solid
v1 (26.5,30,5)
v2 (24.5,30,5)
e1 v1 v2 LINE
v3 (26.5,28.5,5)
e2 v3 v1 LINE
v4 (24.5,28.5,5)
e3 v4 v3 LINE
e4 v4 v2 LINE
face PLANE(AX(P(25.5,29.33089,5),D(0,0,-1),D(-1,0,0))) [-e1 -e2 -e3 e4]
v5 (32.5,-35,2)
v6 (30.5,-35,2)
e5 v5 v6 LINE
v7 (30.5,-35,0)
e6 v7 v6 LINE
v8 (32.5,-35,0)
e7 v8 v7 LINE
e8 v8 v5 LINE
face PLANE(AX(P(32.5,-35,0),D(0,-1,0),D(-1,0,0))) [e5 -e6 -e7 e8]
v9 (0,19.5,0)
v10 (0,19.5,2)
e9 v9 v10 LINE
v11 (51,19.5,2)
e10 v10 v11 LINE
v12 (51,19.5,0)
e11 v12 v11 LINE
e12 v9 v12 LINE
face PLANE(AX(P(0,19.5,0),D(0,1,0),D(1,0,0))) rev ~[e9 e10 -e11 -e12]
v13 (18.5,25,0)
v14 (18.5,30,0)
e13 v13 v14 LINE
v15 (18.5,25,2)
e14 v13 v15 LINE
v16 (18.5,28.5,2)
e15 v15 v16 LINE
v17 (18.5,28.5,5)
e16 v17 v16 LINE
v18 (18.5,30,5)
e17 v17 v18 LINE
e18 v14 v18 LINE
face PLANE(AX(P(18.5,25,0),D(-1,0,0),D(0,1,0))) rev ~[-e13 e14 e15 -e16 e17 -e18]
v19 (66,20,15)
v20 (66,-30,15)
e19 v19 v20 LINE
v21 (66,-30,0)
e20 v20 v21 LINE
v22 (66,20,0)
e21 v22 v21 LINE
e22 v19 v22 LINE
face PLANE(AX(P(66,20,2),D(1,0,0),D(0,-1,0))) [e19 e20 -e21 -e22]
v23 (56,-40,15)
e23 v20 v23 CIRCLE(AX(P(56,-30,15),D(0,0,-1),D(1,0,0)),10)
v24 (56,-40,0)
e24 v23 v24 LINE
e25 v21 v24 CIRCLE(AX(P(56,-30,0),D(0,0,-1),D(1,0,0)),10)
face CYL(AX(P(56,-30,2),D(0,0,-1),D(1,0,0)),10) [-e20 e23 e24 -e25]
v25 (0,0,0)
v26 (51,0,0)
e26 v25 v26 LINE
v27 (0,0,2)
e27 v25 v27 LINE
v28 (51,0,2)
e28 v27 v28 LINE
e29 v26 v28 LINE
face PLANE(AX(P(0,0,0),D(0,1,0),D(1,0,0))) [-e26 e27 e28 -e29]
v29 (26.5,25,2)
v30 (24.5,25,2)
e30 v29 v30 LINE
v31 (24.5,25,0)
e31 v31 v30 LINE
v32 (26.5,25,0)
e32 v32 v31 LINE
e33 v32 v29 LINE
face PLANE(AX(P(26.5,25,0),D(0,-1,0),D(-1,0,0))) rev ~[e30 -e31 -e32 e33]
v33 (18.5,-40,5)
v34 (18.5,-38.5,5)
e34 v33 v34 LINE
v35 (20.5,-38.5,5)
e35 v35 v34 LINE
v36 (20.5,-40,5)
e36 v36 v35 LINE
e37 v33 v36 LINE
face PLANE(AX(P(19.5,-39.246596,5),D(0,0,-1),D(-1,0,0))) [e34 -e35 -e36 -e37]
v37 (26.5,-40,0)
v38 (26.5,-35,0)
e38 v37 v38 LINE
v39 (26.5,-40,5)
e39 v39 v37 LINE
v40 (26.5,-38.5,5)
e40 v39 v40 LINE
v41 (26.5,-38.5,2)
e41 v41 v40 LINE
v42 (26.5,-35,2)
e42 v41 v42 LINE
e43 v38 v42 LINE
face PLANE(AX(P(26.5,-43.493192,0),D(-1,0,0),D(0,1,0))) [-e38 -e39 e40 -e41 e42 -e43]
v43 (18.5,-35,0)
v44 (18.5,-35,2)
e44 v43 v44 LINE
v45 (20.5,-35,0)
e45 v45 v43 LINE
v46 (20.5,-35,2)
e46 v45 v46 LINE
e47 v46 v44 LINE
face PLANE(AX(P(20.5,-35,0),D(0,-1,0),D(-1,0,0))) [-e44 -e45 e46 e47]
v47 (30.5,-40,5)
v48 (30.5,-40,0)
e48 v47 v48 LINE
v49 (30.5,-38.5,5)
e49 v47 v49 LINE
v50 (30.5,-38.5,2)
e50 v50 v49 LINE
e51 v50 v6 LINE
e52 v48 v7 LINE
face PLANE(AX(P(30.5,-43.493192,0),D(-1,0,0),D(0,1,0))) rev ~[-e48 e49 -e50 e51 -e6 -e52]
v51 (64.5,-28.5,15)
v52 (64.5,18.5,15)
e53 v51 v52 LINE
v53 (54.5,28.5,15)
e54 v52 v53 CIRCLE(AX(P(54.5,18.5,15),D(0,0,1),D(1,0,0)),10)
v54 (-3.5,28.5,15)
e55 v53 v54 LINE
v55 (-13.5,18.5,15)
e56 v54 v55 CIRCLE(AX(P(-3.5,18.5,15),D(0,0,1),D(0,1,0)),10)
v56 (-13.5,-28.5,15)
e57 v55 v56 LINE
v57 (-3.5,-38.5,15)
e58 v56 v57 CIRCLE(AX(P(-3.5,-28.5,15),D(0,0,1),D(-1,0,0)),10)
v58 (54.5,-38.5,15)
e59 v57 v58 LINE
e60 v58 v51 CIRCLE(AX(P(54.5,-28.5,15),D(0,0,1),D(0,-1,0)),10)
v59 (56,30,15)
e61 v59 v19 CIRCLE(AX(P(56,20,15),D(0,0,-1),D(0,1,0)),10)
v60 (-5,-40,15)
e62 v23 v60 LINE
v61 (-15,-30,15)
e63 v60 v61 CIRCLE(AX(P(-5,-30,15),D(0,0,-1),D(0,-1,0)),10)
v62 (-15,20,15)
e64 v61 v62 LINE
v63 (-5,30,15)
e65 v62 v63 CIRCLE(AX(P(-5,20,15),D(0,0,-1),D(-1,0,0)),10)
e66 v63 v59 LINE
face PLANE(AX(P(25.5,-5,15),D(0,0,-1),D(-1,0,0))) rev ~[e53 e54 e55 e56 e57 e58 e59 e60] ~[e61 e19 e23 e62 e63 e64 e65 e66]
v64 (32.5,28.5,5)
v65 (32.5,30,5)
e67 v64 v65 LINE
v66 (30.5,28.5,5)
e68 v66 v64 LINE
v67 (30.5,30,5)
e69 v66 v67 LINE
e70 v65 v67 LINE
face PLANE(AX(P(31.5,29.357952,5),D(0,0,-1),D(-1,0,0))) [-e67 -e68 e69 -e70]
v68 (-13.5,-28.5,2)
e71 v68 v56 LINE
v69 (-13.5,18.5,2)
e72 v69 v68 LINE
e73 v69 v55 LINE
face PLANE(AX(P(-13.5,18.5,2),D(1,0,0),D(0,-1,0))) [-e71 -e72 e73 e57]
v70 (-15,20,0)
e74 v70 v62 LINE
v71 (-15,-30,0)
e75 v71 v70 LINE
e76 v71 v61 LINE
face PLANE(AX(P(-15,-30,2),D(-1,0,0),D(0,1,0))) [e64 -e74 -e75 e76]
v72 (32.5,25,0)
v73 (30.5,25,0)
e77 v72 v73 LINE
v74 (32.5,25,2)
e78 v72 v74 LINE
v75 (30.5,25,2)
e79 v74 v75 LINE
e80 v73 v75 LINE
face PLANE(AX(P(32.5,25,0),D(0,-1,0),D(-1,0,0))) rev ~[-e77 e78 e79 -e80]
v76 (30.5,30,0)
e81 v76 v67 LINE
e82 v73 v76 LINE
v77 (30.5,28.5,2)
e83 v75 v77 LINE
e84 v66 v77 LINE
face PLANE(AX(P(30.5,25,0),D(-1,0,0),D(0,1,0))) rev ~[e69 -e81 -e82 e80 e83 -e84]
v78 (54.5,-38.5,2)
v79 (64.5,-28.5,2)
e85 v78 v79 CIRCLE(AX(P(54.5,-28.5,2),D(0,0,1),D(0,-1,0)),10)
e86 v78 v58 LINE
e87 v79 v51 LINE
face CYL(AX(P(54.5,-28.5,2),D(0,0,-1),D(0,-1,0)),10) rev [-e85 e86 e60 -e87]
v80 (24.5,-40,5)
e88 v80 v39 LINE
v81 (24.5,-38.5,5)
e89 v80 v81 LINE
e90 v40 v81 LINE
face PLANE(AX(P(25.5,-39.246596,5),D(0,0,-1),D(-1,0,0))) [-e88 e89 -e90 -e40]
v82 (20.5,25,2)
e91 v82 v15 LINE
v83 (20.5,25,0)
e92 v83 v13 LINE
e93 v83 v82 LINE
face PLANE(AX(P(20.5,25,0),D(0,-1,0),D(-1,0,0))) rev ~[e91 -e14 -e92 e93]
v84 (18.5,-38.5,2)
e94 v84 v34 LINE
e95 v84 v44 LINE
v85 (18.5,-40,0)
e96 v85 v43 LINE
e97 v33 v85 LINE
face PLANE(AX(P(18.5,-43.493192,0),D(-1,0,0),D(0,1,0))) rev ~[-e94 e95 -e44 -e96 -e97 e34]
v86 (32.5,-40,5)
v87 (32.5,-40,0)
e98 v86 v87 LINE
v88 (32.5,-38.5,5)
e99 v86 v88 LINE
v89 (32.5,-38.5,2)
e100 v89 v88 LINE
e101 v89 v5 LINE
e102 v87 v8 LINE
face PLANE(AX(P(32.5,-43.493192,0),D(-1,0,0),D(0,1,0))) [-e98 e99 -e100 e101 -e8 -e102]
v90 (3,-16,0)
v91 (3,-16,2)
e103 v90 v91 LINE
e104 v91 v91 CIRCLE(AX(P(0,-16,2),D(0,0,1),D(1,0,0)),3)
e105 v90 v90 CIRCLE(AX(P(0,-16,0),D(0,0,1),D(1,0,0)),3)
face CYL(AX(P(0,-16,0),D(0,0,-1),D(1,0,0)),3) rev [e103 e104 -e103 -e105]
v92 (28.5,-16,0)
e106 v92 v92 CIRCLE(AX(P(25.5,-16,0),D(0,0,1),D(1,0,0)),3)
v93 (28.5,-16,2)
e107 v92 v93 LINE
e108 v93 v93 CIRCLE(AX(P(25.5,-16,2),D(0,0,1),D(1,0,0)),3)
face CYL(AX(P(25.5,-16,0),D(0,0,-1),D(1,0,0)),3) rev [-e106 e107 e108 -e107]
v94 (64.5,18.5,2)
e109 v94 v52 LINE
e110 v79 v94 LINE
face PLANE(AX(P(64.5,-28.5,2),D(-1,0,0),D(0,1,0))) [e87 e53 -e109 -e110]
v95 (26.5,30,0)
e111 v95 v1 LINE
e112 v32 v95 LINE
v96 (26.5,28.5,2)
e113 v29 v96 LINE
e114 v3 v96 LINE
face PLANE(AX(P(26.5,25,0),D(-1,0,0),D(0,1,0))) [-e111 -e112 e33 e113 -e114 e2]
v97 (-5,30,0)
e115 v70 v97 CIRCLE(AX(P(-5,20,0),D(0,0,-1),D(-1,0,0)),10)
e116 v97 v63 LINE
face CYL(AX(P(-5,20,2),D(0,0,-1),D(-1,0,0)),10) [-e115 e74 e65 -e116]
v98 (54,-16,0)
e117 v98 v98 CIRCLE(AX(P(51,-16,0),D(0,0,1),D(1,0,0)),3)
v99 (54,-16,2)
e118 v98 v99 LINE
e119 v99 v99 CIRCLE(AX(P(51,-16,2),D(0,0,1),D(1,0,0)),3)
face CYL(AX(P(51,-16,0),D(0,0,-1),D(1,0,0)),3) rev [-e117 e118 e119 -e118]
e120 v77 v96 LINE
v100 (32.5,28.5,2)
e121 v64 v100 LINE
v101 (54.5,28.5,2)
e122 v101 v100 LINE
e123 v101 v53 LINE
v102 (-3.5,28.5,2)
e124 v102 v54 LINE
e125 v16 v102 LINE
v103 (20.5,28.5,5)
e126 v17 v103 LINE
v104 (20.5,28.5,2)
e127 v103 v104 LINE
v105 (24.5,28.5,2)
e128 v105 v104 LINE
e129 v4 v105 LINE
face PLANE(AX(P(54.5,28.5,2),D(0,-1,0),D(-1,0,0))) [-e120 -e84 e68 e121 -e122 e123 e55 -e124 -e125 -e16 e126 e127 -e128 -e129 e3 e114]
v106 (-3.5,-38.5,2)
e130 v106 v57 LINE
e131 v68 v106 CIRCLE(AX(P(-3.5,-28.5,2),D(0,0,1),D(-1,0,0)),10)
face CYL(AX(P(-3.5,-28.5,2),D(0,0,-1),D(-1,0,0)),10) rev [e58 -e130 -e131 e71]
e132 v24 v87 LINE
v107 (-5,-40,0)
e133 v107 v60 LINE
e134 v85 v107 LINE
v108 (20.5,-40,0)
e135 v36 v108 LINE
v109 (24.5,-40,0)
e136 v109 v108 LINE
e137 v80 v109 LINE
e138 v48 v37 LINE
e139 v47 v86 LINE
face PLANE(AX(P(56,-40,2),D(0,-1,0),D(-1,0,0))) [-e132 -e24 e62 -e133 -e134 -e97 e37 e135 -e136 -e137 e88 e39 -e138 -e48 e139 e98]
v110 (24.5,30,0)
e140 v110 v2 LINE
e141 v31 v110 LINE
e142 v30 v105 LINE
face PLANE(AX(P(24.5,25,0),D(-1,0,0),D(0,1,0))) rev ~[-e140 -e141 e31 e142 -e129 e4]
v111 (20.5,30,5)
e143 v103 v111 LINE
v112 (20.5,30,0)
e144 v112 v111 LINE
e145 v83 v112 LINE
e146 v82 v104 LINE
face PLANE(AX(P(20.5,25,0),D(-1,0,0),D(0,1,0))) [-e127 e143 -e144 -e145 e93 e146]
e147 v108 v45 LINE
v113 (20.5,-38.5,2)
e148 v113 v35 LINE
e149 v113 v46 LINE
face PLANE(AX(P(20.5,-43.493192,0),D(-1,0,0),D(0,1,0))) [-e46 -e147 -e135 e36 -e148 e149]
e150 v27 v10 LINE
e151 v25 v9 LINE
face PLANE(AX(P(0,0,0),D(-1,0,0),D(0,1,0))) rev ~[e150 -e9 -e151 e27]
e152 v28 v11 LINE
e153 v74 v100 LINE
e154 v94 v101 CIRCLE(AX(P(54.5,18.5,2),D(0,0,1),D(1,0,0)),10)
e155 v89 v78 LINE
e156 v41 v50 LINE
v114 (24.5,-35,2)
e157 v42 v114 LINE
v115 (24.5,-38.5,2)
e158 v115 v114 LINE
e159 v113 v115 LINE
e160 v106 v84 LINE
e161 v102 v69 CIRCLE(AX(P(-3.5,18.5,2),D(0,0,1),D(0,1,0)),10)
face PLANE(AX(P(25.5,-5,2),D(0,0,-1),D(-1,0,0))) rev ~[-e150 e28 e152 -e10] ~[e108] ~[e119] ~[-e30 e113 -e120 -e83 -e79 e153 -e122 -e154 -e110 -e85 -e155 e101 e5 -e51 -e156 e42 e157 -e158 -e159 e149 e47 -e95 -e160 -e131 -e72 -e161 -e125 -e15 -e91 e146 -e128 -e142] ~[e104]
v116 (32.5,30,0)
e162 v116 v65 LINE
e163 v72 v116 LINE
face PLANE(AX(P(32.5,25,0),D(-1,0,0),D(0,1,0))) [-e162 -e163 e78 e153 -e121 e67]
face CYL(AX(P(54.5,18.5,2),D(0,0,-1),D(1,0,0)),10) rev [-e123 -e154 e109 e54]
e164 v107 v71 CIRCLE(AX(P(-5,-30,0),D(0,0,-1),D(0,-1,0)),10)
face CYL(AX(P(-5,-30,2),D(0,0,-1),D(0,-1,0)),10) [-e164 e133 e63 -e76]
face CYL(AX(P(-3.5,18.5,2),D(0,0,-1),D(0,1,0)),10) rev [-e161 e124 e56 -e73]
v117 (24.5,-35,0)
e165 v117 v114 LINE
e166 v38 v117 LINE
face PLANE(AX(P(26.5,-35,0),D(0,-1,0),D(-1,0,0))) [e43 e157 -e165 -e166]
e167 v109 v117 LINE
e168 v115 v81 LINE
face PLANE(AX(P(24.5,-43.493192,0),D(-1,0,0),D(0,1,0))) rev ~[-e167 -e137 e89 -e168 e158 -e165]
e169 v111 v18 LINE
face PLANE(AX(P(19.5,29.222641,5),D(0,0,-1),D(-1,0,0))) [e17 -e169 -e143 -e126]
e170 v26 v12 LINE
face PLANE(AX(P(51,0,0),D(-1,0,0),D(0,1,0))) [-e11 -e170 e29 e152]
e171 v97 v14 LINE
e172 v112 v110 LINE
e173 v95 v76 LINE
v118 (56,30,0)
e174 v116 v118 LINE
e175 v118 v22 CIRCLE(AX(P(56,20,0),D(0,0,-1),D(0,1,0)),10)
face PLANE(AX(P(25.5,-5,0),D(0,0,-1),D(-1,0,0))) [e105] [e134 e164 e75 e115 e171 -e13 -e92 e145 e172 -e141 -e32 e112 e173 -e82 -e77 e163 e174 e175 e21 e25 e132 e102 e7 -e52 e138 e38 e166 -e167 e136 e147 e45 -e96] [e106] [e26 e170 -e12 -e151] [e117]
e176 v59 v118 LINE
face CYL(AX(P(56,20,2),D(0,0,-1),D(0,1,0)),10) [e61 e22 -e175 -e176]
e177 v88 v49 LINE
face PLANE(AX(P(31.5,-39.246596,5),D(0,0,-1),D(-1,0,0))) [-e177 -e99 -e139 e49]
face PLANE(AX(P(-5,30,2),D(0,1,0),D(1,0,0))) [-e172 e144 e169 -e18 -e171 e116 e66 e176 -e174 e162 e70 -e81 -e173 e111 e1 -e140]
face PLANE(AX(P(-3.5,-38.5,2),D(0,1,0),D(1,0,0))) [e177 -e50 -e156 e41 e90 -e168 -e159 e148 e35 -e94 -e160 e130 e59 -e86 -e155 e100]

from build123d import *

# Parameters (mm, degrees)
ESQUISSE1_R             = 3
ESQUISSE1_W             = 51
ESQUISSE1_H             = 19.5
BOSS_EXTRU_1_DEPTH      = 2
BOSS_EXTRU_2_DEPTH      = 13
ESQUISSE3_W             = 2
ESQUISSE3_H             = 8.661779492
ESQUISSE3_H_2           = 8.71590367
ESQUISSE3_H_3           = 8.44528278
ESQUISSE3_H_4           = 8.493191711
ENL_V_MAT_EXTRU_1_DEPTH = 5


with BuildPart() as part:
    # Esquisse1 → Boss.-Extru.1 (new body)
    with BuildSketch(Plane.XY):
        with BuildLine():
            Line((-5, 30), (56, 30))
            ThreePointArc((56, 30), (63.071067812, 27.071067812), (66, 20))
            Line((66, 20), (66, -30))
            ThreePointArc((66, -30), (63.071067812, -37.071067812), (56, -40))
            Line((56, -40), (-5, -40))
            ThreePointArc((-5, -40), (-12.071067812, -37.071067812), (-15, -30))
            Line((-15, -30), (-15, 20))
            ThreePointArc((-15, 20), (-12.071067812, 27.071067812), (-5, 30))
        make_face()
        with Locations((0, -16)):
            Circle(ESQUISSE1_R, mode=Mode.SUBTRACT)
        with Locations((25.5, -16)):
            Circle(ESQUISSE1_R, mode=Mode.SUBTRACT)
        with Locations((51, -16)):
            Circle(ESQUISSE1_R, mode=Mode.SUBTRACT)
        with Locations((25.5, 9.75)):
            Rectangle(ESQUISSE1_W, ESQUISSE1_H, mode=Mode.SUBTRACT)
    extrude(amount=BOSS_EXTRU_1_DEPTH)

    # Esquisse2 → Boss.-Extru.2 (add)
    with BuildSketch(Plane.XY.offset(2)):
        with BuildLine():
            Line((-5, 30), (56, 30))
            ThreePointArc((56, 30), (63.071067812, 27.071067812), (66, 20))
            Line((66, 20), (66, -30))
            ThreePointArc((66, -30), (63.071067812, -37.071067812), (56, -40))
            Line((56, -40), (-5, -40))
            ThreePointArc((-5, -40), (-12.071067812, -37.071067812), (-15, -30))
            Line((-15, -30), (-15, 20))
            ThreePointArc((-15, 20), (-12.071067812, 27.071067812), (-5, 30))
        make_face()
        with BuildLine():
            Line((-13.5, 18.5), (-13.5, -28.5))
            ThreePointArc((-13.5, -28.5), (-10.571067812, -35.571067812), (-3.5, -38.5))
            Line((-3.5, -38.5), (54.5, -38.5))
            ThreePointArc((54.5, -38.5), (61.571067812, -35.571067812), (64.5, -28.5))
            Line((64.5, -28.5), (64.5, 18.5))
            ThreePointArc((64.5, 18.5), (61.571067812, 25.571067812), (54.5, 28.5))
            Line((54.5, 28.5), (-3.5, 28.5))
            ThreePointArc((-3.5, 28.5), (-10.571067812, 25.571067812), (-13.5, 18.5))
        make_face(mode=Mode.SUBTRACT)
    extrude(amount=BOSS_EXTRU_2_DEPTH)

    # Esquisse3 → Enlèv. mat.-Extru.1 (cut)
    with BuildSketch(Plane(origin=(0, 0, 0), x_dir=(-1, 0, 0), z_dir=(0, 0, -1))):
        with Locations((-25.5, 29.330889746)):
            Rectangle(ESQUISSE3_W, ESQUISSE3_H)
        with Locations((-31.5, 29.357951835)):
            Rectangle(ESQUISSE3_W, ESQUISSE3_H_2)
        with Locations((-19.5, 29.22264139)):
            Rectangle(ESQUISSE3_W, ESQUISSE3_H_3)
        with Locations((-25.5, -39.246595856)):
            Rectangle(ESQUISSE3_W, ESQUISSE3_H_4)
        with Locations((-31.5, -39.246595856)):
            Rectangle(ESQUISSE3_W, ESQUISSE3_H_4)
        with Locations((-19.5, -39.246595856)):
            Rectangle(ESQUISSE3_W, ESQUISSE3_H_4)
    extrude(amount=-ENL_V_MAT_EXTRU_1_DEPTH, mode=Mode.SUBTRACT)


solid = part.part
